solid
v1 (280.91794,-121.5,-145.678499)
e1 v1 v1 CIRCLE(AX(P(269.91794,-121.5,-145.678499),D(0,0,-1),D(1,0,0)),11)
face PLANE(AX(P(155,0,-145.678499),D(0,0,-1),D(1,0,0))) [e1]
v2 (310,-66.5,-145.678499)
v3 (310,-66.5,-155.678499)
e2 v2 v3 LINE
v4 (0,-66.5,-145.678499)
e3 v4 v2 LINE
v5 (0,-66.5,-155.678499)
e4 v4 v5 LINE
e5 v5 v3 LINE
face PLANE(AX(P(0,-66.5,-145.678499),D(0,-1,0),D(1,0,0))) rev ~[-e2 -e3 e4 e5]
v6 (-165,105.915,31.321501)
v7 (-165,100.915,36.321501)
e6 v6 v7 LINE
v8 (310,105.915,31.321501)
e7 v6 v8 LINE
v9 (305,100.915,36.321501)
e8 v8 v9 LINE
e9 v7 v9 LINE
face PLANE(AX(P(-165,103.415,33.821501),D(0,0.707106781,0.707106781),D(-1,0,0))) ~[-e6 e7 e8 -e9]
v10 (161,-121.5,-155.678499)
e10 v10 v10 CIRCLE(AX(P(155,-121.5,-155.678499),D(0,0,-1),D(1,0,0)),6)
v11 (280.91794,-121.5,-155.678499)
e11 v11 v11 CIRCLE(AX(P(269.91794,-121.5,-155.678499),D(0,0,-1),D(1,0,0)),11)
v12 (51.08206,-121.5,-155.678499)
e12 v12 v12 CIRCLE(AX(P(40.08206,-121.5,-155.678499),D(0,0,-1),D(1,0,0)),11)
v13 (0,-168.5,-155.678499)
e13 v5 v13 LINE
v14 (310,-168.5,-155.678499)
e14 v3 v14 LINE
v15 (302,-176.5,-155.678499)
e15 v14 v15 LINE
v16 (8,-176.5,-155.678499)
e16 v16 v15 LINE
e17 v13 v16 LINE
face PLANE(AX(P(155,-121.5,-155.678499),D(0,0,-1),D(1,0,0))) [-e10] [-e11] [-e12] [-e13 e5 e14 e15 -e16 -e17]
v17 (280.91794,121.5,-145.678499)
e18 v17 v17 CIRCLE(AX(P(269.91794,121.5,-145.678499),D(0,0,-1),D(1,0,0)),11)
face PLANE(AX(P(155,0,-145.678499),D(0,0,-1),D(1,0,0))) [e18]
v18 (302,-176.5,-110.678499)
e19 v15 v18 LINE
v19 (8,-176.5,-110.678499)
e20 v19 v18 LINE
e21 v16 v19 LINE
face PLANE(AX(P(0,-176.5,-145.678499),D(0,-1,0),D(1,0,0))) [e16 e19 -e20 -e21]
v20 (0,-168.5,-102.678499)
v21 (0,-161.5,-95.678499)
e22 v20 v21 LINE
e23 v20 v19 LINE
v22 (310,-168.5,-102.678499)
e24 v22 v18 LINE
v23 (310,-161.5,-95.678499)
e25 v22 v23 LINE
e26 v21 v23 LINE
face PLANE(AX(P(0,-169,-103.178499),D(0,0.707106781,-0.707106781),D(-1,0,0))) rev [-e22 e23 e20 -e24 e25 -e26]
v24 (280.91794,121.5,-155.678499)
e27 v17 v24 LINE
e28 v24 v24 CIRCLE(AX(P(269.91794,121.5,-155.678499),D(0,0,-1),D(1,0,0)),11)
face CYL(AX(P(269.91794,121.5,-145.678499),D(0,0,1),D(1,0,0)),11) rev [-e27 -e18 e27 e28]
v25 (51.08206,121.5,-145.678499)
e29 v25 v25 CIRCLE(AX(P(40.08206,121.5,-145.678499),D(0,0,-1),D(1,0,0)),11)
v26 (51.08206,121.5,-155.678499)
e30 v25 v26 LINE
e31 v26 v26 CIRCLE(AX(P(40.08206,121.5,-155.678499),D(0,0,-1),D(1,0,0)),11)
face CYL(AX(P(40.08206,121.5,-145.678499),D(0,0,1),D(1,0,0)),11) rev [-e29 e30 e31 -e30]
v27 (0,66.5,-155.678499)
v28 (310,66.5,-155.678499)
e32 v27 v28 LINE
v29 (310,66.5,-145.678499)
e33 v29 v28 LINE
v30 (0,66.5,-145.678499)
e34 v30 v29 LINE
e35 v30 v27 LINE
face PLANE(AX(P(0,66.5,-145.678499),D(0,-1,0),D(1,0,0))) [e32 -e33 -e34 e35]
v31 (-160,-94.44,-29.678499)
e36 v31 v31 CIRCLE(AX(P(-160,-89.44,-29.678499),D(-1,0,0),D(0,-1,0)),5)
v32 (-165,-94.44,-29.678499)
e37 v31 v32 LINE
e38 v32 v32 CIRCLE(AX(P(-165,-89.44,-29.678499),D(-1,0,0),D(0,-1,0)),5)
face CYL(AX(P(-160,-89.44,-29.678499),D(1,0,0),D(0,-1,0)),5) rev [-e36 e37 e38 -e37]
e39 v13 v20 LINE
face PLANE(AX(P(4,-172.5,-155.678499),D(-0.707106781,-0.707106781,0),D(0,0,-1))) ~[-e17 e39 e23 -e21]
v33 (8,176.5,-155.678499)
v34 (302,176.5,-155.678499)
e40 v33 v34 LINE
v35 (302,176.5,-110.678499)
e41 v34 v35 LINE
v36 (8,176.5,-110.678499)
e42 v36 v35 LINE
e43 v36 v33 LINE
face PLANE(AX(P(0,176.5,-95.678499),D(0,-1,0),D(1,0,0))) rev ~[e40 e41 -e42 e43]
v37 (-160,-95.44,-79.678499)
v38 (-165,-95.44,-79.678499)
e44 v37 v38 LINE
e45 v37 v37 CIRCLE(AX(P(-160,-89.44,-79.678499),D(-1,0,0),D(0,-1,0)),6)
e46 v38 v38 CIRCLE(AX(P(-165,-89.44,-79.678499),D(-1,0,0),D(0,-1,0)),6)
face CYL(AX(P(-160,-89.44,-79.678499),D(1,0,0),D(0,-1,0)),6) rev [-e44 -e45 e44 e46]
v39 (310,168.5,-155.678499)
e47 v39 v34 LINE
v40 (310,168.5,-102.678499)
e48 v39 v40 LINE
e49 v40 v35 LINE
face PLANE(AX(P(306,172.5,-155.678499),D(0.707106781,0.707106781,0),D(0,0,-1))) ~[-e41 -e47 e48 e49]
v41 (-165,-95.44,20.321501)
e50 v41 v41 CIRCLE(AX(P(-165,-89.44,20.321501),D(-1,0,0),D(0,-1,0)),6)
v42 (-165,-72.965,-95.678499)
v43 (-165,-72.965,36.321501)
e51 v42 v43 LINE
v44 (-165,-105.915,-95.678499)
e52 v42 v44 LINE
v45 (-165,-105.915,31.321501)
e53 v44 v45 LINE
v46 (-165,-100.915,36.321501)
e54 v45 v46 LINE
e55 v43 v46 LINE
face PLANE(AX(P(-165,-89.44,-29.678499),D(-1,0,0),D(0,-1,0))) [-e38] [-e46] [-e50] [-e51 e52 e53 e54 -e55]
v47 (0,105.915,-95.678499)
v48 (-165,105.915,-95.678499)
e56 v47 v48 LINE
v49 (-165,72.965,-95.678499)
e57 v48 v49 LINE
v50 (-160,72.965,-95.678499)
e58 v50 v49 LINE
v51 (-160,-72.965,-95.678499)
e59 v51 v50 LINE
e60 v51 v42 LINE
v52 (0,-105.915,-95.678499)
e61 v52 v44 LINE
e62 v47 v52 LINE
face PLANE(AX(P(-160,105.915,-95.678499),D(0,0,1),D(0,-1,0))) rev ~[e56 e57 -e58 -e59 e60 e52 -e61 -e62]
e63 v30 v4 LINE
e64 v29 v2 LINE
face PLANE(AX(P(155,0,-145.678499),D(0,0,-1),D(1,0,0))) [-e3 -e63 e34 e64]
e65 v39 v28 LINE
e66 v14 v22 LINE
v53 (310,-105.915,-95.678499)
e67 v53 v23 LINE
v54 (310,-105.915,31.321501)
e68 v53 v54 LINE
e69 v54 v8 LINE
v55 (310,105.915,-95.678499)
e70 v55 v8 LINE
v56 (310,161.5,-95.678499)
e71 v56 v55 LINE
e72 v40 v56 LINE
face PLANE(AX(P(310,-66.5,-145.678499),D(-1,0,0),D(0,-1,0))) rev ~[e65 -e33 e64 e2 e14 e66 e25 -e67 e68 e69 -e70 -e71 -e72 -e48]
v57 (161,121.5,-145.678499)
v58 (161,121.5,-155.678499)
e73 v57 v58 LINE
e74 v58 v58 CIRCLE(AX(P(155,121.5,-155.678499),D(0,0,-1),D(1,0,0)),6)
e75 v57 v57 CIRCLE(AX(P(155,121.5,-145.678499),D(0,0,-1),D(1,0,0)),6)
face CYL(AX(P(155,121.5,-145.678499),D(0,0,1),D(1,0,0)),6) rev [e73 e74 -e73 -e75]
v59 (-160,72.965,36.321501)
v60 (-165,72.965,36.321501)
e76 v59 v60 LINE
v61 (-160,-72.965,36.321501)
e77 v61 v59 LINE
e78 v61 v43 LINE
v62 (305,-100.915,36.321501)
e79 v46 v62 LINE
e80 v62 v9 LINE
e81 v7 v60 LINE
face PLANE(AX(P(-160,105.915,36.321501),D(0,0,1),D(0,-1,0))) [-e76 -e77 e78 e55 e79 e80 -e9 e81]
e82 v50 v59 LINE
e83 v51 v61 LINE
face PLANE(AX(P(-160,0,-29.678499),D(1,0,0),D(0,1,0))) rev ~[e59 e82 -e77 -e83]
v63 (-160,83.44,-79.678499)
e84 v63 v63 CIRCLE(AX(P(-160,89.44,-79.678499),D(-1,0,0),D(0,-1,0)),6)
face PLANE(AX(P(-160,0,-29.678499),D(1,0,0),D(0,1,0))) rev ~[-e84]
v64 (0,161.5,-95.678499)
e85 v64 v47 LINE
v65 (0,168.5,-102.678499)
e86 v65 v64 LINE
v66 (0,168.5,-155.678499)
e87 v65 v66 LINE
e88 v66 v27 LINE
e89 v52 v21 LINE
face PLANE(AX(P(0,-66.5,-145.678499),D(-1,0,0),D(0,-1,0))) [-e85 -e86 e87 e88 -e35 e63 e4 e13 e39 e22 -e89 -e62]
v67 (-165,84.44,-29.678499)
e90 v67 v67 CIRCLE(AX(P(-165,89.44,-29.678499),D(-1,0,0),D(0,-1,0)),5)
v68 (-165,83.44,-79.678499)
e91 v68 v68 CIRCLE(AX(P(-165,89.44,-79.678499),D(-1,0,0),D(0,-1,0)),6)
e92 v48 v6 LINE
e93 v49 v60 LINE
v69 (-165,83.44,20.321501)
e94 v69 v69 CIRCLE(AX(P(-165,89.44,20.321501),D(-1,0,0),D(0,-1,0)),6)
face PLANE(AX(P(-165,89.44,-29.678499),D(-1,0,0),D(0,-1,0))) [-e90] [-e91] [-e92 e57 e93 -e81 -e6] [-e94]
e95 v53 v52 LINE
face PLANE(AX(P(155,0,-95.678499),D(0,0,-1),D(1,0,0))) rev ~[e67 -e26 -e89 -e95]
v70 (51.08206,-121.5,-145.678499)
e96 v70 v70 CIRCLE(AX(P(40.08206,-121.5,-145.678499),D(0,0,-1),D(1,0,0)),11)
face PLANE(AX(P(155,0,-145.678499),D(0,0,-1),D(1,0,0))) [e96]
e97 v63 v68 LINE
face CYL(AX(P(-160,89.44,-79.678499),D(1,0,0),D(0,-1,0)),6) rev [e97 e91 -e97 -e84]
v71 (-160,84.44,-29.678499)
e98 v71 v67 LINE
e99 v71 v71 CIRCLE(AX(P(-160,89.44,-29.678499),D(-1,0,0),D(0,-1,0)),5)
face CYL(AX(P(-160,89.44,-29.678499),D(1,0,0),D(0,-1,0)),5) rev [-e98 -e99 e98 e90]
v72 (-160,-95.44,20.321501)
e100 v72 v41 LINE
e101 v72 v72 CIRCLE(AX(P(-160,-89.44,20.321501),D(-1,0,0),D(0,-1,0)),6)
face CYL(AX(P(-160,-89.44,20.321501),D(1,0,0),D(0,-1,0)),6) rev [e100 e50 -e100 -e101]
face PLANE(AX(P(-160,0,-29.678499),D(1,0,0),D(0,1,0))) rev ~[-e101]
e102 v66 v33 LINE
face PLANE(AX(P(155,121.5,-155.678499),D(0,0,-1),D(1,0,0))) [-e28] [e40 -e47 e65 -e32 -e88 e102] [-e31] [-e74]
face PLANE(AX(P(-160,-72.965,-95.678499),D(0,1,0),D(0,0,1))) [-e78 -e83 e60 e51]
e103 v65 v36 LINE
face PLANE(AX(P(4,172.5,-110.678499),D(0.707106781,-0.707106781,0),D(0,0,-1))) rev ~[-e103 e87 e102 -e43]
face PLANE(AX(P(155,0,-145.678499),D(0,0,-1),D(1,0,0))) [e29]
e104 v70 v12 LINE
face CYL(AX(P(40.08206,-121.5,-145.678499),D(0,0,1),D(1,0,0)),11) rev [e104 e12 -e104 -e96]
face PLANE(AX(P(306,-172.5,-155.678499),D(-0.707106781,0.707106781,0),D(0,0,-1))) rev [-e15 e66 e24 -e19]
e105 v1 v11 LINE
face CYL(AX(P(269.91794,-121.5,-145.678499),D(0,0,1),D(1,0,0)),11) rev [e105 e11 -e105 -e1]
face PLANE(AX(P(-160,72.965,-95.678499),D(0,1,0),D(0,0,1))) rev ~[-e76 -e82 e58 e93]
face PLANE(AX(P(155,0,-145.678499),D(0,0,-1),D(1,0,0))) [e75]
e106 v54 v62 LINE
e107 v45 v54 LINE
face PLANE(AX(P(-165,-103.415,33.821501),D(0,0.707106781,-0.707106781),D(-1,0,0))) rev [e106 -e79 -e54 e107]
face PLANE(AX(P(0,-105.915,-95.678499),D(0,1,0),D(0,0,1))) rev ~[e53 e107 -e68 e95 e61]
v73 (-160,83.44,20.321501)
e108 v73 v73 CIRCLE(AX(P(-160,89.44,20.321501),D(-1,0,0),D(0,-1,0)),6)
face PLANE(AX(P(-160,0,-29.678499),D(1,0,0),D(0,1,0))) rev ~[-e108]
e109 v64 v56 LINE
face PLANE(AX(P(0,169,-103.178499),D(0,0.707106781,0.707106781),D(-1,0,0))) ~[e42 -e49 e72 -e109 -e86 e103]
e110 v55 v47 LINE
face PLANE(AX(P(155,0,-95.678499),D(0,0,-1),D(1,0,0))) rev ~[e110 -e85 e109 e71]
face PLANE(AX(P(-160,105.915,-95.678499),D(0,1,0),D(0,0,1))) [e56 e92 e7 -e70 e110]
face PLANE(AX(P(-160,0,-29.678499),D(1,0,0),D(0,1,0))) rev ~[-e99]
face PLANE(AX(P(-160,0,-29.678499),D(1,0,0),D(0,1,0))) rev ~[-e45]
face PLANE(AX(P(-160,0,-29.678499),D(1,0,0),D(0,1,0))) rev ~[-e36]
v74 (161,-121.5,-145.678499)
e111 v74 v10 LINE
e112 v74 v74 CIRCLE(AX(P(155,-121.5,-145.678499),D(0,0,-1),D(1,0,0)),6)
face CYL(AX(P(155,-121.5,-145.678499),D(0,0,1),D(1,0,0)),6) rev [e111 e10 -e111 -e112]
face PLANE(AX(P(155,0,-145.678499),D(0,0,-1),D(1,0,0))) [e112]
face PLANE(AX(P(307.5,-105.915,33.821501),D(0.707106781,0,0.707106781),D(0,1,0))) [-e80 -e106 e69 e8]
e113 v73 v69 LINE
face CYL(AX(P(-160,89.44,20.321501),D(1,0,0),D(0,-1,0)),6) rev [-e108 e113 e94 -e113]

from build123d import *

# Parameters (mm, degrees)
F0_W          = 211.83
F0_H          = 132
F1_DEPTH      = 310
F1_DEPTH_BACK = 160
F2_W          = 32.95
F2_H          = 132
F2_R          = 6
F2_R_2        = 5
F3_DEPTH      = 5
F4_SIZE       = 5
F5_W          = 310
F5_H          = 353
F6_DEPTH      = 50
F7_SIZE       = 15
F8_W          = 310
F8_H          = 110
F8_R          = 11
F8_R_2        = 6
F9_DEPTH      = 10
F10_SIZE      = 8


with BuildPart() as f1:
    # F0 (on Right) → F1 (new body, two sides)
    with BuildSketch(Plane.YZ) as f1_sk:
        with Locations((0, -29.678499)):
            Rectangle(F0_W, F0_H)
    extrude(amount=F1_DEPTH)
    extrude(f1_sk.sketch, amount=-F1_DEPTH_BACK)

    # F2 (on face) → F3 (join)
    with BuildSketch(Plane(origin=(-160, 0, 0), x_dir=(0, -1, 0), z_dir=(-1, 0, 0))):
        with Locations((-89.44, -29.678499)):
            Rectangle(F2_W, F2_H)
        with Locations((-89.44, -79.678499)):
            Circle(F2_R, mode=Mode.SUBTRACT)
        with Locations((-89.44, -29.678499)):
            Circle(F2_R_2, mode=Mode.SUBTRACT)
        with Locations((-89.44, 20.321501)):
            Circle(F2_R, mode=Mode.SUBTRACT)
        with Locations((89.44, -29.678499)):
            Rectangle(F2_W, F2_H)
        with Locations((89.44, -79.678499)):
            Circle(F2_R, mode=Mode.SUBTRACT)
        with Locations((89.44, -29.678499)):
            Circle(F2_R_2, mode=Mode.SUBTRACT)
        with Locations((89.44, 20.321501)):
            Circle(F2_R, mode=Mode.SUBTRACT)
    extrude(amount=F3_DEPTH)

    # F4
    f4_edges = [f1.edges().sort_by_distance(p)[0] for p in [
        (310, 0, 36.321501),
        (72.5, -105.915, 36.321501),
        (72.5, 105.915, 36.321501),
    ]]
    chamfer(f4_edges, length=F4_SIZE)

    # F5 (on face) → F6 (join)
    with BuildSketch(Plane(origin=(0, 0, -95.678499), x_dir=(1, 0, 0), z_dir=(0, 0, -1))):
        with Locations((155, 0)):
            Rectangle(F5_W, F5_H)
    extrude(amount=F6_DEPTH)

    # F7
    f7_edges = [f1.edges().sort_by_distance(p)[0] for p in [
        (155, -176.5, -95.678499),
        (155, 176.5, -95.678499),
    ]]
    chamfer(f7_edges, length=F7_SIZE)

    # F8 (on face) → F9 (join)
    with BuildSketch(Plane(origin=(0, 0, -145.678499), x_dir=(1, 0, 0), z_dir=(0, 0, -1))):
        with Locations((155, 121.5)):
            Rectangle(F8_W, F8_H)
        with Locations((40.08206, 121.5)):
            Circle(F8_R, mode=Mode.SUBTRACT)
        with Locations((155, 121.5)):
            Circle(F8_R_2, mode=Mode.SUBTRACT)
        with Locations((269.91794, 121.5)):
            Circle(F8_R, mode=Mode.SUBTRACT)
        with Locations((155, -121.5)):
            Rectangle(F8_W, F8_H)
        with Locations((40.08206, -121.5)):
            Circle(F8_R, mode=Mode.SUBTRACT)
        with Locations((155, -121.5)):
            Circle(F8_R_2, mode=Mode.SUBTRACT)
        with Locations((269.91794, -121.5)):
            Circle(F8_R, mode=Mode.SUBTRACT)
    extrude(amount=F9_DEPTH)

    # F10
    f10_edges = [f1.edges().sort_by_distance(p)[0] for p in [
        (0, -176.5, -133.178499),
        (0, 176.5, -133.178499),
        (310, 176.5, -133.178499),
        (310, -176.5, -133.178499),
    ]]
    chamfer(f10_edges, length=F10_SIZE)


solid = f1.part
